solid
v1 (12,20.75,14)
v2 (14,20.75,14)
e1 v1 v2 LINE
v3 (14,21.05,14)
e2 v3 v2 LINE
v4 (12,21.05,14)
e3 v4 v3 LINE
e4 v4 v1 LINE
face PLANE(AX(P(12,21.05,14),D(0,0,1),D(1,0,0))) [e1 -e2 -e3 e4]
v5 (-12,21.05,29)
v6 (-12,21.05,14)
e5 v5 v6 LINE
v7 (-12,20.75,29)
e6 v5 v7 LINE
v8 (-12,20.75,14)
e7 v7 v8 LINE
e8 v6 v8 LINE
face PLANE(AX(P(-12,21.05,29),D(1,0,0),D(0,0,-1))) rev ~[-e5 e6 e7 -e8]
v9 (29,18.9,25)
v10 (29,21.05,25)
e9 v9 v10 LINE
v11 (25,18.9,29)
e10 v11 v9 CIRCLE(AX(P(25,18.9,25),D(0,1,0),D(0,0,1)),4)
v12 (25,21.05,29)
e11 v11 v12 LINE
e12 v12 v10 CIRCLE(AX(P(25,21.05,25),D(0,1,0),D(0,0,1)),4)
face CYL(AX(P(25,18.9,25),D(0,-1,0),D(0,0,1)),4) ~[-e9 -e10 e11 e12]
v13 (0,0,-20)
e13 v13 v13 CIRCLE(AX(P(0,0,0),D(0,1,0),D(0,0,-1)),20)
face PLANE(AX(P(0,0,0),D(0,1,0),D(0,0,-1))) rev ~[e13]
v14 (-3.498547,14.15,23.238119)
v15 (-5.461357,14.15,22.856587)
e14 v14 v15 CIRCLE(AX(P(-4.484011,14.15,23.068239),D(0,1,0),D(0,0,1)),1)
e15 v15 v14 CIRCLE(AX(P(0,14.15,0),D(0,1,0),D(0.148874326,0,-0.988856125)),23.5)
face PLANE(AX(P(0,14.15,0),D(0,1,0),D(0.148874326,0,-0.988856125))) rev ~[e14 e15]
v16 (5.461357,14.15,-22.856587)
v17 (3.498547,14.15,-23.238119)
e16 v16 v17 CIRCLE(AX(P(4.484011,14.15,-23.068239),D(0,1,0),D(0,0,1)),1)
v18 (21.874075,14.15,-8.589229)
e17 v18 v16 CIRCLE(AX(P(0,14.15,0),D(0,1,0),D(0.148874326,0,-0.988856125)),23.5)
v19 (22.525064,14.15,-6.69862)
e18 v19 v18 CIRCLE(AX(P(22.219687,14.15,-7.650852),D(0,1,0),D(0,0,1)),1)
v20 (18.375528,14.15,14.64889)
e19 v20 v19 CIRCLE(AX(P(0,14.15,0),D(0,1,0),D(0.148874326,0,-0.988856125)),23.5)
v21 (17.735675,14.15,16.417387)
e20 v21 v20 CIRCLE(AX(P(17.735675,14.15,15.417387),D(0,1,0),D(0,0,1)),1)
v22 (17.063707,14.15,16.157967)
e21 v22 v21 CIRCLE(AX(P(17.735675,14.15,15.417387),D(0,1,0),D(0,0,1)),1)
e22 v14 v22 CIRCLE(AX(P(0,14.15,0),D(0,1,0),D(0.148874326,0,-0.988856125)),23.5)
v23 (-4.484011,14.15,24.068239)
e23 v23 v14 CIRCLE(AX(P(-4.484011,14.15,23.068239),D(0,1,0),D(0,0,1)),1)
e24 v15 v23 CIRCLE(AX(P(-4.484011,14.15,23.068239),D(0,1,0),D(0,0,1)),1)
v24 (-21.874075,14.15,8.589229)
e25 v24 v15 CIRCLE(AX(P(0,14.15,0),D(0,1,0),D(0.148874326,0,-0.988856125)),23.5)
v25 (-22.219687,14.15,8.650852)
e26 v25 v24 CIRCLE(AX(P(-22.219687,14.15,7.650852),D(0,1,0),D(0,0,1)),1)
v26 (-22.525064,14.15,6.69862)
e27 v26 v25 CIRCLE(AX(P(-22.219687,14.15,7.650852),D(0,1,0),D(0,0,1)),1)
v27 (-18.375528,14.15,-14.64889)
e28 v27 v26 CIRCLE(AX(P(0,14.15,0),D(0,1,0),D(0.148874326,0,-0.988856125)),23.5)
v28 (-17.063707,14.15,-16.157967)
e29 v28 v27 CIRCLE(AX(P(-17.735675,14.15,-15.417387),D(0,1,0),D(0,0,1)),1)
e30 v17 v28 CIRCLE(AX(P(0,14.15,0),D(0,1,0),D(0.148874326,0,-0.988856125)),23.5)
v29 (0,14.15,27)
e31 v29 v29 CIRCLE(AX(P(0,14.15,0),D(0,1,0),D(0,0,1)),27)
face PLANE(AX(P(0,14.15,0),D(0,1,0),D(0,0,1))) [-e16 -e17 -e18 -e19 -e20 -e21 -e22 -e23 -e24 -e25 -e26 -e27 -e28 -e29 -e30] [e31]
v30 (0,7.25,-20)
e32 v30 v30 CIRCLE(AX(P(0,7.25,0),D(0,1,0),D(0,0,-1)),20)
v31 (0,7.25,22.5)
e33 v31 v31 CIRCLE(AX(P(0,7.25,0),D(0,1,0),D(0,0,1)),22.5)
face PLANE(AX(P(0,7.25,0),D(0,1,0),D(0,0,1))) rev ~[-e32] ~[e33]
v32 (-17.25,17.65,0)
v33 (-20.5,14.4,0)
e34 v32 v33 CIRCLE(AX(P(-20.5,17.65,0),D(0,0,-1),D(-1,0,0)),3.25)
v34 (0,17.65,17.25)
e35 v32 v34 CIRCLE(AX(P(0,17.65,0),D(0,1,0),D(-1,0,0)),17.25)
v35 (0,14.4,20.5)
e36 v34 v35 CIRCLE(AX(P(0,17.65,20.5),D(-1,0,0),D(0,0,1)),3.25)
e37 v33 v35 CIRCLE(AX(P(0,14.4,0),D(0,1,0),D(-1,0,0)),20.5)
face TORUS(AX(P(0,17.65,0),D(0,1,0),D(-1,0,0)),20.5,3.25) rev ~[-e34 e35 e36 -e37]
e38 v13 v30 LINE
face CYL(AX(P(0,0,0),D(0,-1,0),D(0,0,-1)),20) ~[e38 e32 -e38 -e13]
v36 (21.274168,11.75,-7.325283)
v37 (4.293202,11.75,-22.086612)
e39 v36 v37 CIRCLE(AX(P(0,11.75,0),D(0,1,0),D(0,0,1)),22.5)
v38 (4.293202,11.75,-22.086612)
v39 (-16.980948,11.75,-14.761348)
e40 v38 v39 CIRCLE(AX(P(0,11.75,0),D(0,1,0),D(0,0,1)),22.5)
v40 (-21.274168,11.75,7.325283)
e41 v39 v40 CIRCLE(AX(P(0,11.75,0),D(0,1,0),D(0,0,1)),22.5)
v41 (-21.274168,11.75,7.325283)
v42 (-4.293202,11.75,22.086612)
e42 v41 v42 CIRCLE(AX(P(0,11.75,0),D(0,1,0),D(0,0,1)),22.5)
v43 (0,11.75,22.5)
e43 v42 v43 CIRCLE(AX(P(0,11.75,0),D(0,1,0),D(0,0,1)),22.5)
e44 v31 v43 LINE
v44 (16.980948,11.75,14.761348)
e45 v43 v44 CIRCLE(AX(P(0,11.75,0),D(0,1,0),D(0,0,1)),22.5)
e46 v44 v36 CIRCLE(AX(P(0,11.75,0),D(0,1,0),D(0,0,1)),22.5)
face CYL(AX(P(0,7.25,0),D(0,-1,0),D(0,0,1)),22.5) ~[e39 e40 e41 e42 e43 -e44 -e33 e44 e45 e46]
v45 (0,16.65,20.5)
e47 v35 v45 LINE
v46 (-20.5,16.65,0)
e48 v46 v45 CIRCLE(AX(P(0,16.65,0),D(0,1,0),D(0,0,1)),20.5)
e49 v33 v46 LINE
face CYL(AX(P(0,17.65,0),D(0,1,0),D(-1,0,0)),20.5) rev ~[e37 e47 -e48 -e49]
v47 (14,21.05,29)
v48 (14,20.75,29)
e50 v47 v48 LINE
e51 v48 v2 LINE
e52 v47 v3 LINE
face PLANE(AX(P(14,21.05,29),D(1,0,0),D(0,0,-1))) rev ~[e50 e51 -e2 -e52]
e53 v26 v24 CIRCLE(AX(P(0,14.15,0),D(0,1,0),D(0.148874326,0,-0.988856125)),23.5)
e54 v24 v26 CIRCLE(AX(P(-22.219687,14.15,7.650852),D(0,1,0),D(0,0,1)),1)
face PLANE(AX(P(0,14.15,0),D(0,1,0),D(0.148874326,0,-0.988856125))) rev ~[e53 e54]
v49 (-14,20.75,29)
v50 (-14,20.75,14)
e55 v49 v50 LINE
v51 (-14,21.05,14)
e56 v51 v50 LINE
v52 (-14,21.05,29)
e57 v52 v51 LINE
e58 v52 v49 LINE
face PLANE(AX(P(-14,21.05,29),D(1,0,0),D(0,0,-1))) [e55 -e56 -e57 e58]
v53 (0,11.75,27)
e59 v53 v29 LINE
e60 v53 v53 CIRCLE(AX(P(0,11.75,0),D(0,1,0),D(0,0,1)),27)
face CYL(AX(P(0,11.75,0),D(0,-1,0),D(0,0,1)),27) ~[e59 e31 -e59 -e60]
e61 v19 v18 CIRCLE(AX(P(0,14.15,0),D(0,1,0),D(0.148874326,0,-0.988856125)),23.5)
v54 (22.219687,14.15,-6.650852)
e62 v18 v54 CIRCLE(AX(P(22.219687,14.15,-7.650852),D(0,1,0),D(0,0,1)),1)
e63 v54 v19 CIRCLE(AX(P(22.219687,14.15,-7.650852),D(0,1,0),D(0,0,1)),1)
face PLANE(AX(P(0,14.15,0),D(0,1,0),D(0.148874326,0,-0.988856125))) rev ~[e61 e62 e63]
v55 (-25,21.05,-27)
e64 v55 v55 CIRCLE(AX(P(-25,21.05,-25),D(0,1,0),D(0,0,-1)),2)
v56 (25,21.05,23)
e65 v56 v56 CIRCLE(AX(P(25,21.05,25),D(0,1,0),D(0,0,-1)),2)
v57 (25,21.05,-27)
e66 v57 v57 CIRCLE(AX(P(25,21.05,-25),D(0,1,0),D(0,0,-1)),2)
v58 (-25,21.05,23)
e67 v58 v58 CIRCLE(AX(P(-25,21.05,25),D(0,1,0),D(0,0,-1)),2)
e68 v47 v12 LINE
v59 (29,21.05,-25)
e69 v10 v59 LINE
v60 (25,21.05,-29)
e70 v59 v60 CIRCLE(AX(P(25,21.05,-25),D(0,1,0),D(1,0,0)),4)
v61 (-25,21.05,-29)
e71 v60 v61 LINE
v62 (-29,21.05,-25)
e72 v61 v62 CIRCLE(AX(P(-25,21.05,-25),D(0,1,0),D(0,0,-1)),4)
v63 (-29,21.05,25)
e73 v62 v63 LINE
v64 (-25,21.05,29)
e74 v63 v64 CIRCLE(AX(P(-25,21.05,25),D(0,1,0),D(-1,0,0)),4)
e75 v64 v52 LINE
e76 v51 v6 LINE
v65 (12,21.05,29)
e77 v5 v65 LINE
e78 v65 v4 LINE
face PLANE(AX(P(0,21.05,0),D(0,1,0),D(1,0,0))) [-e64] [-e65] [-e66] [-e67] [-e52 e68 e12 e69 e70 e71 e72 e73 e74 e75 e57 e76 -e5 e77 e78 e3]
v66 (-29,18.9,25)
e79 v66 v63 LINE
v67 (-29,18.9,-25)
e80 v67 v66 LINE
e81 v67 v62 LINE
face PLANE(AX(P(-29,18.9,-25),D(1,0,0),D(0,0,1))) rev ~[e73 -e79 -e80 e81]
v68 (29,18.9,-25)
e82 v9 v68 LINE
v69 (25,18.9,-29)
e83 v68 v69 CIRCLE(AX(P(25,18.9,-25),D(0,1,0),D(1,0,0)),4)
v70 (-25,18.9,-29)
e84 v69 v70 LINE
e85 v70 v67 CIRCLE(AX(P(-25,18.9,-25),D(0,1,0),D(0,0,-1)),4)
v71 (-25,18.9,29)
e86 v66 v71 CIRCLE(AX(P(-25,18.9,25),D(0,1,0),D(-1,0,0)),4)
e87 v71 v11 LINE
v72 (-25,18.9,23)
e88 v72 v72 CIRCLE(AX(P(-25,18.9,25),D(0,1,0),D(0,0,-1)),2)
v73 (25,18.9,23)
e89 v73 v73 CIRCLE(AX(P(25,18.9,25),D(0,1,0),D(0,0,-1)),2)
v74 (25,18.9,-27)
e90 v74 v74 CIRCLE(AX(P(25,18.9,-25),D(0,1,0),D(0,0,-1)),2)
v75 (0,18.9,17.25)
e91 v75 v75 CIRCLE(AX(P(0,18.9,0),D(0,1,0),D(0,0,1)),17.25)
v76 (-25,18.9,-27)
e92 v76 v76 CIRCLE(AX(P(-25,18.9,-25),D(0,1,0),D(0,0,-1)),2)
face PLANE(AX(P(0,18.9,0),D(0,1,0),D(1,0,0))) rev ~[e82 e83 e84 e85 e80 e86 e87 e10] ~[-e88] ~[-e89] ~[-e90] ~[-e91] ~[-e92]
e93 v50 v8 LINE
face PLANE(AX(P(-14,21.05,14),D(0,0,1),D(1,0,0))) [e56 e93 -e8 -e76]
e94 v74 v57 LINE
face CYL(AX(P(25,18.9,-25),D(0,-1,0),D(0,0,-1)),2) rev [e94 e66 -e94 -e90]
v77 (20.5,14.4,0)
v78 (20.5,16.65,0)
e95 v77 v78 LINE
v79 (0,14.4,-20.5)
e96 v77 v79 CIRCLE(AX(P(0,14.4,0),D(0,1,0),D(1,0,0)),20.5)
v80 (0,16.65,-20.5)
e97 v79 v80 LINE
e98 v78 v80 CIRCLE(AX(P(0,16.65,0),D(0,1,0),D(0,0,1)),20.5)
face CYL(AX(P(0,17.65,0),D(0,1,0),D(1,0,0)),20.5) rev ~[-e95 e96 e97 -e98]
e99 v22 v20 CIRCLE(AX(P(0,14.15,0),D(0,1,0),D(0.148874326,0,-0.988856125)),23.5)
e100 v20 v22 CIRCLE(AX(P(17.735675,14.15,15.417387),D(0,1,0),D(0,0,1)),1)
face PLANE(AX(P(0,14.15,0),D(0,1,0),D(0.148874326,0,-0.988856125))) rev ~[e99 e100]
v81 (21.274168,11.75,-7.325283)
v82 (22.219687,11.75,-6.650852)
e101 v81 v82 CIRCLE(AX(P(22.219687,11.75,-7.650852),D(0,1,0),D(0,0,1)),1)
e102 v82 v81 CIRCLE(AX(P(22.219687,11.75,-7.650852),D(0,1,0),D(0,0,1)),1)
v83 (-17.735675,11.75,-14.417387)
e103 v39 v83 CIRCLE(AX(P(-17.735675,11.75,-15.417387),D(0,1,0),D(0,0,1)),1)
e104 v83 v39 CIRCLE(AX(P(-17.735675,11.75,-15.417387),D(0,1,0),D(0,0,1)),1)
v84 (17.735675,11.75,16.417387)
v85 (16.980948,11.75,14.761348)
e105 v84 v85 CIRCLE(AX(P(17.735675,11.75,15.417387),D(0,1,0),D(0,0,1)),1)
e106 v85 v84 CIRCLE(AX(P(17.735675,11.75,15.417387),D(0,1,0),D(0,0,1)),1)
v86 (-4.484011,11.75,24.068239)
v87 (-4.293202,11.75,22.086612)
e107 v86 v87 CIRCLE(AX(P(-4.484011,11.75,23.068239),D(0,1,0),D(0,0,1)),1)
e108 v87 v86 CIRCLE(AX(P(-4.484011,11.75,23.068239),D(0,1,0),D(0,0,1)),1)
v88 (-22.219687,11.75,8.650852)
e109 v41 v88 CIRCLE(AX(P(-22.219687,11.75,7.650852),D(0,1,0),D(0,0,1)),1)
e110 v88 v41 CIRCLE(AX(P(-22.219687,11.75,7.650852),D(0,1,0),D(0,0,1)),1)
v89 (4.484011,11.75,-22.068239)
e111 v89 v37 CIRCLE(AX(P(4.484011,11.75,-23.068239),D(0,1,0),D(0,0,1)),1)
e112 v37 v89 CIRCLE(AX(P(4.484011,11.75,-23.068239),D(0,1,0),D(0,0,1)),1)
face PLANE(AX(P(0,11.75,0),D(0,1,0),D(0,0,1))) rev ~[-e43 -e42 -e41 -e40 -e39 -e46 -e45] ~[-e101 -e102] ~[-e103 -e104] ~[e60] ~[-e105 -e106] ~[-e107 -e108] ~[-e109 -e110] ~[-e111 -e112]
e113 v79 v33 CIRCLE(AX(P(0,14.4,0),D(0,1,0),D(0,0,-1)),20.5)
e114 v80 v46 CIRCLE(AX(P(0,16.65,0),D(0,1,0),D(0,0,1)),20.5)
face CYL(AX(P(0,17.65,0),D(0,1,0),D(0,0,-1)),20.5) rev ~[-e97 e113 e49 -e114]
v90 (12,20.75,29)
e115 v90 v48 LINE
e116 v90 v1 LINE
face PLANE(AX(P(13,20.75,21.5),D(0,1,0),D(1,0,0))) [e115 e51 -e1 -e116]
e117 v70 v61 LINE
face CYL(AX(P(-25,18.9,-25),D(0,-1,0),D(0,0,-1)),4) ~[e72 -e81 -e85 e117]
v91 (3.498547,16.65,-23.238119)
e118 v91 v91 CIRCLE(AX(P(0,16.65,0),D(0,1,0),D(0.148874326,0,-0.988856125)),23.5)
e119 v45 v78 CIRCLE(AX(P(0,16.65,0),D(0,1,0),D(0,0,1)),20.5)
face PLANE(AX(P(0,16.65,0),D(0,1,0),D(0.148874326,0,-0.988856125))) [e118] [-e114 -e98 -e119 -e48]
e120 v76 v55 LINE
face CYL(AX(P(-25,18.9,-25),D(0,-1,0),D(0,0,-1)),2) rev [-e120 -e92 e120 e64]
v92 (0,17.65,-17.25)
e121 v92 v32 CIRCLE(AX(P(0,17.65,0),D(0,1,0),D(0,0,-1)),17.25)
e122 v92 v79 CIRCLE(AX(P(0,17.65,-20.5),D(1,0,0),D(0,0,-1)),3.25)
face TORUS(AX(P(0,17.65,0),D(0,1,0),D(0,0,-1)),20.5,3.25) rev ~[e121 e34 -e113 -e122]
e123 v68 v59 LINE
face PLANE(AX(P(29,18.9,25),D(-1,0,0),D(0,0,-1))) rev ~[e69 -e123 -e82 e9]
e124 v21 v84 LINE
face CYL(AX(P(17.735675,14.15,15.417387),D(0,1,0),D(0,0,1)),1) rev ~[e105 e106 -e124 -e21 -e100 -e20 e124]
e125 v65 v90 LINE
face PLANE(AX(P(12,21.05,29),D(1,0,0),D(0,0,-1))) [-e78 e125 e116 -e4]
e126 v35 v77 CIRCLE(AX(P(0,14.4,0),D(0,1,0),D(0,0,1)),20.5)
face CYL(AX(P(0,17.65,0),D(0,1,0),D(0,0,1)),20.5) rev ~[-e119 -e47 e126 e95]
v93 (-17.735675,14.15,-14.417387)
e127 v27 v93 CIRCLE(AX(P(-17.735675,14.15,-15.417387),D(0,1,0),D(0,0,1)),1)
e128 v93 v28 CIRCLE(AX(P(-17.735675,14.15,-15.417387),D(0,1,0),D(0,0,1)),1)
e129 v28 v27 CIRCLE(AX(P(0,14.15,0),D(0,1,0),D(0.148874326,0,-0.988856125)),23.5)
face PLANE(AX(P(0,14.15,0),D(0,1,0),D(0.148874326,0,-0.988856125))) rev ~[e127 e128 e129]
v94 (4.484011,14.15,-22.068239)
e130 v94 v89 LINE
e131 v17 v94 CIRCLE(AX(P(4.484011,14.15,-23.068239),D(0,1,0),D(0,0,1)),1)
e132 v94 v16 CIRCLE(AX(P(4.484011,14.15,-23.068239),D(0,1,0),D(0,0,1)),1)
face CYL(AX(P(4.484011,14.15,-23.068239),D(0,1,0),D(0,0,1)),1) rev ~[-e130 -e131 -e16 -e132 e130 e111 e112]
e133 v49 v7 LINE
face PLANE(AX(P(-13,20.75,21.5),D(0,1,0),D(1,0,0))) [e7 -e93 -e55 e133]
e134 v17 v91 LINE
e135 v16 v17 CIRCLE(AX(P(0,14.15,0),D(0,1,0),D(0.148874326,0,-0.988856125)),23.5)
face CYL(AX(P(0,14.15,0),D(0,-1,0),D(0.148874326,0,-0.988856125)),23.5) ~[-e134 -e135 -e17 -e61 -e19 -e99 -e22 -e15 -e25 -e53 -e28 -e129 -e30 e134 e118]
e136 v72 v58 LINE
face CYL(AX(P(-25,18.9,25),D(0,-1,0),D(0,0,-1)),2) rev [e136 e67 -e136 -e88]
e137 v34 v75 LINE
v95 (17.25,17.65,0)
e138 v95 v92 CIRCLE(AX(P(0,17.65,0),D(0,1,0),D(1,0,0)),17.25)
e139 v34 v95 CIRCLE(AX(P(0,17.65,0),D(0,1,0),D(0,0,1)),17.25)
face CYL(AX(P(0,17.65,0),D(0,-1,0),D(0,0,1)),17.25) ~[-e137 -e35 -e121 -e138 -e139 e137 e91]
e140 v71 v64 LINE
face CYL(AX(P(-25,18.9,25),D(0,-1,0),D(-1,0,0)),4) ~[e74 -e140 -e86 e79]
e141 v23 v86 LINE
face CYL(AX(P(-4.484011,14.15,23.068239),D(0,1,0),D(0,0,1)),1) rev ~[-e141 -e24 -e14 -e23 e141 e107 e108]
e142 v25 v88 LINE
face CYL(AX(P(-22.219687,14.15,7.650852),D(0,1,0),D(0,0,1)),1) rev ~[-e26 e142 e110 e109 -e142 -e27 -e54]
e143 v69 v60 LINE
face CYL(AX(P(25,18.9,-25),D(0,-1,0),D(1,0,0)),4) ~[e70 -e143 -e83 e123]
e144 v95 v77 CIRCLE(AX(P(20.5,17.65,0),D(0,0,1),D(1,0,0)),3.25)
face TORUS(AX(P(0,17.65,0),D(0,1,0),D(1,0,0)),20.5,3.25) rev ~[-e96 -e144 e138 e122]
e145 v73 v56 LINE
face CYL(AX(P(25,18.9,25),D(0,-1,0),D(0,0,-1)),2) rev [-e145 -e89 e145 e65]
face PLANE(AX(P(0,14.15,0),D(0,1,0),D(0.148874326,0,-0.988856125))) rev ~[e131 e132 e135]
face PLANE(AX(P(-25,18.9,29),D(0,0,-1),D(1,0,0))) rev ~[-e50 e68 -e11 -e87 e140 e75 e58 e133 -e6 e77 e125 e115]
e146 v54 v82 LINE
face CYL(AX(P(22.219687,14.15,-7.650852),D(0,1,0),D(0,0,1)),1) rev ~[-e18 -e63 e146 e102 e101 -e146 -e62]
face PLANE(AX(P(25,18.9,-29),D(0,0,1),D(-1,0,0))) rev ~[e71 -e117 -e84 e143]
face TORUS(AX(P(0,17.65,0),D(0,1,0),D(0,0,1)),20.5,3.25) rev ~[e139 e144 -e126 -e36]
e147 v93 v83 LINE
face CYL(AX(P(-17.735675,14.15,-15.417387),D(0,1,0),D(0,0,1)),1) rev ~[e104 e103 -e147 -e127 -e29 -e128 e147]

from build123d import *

# Parameters (mm, degrees)
SKETCH1_R            = 20
BOSS_EXTRUDE1_DEPTH  = 7.25
SKETCH2_R            = 22.5
BOSS_EXTRUDE2_DEPTH  = 4.5
SKETCH3_R            = 27
BOSS_EXTRUDE3_DEPTH  = 2.4
CUT_EXTRUDE1_REACH   = 42.721
SKETCH4_R            = 1
SKETCH5_R            = 23.5
BOSS_EXTRUDE4_DEPTH  = 2.5
SKETCH6_R            = 20.5
BOSS_EXTRUDE5_DEPTH  = 1
SKETCH8_R            = 17.25
BOSS_EXTRUDE8_DEPTH  = 1.25
SKETCH10_R           = 2
BOSS_EXTRUDE10_DEPTH = 2.15
SKETCH11_W           = 2
SKETCH11_H           = 15
CUT_EXTRUDE2_DEPTH   = 0.3


with BuildPart() as part:
    # Sketch1 → Boss-Extrude1 (new body)
    with BuildSketch(Plane(origin=(0, 0, 0), x_dir=(1, 0, 0), z_dir=(0, 1, 0))):
        with Locations(Location((0, 0, 0), (0, 0, 90))):
            Circle(SKETCH1_R)
    extrude(amount=BOSS_EXTRUDE1_DEPTH)

    # Sketch2 → Boss-Extrude2 (add)
    with BuildSketch(Plane(origin=(0, 7.25, 0), x_dir=(1, 0, 0), z_dir=(0, 1, 0))):
        with Locations(Location((0, 0, 0), (0, 0, 270))):
            Circle(SKETCH2_R)
    extrude(amount=BOSS_EXTRUDE2_DEPTH)

    # Sketch3 → Boss-Extrude3 (add)
    with BuildSketch(Plane(origin=(0, 11.75, 0), x_dir=(1, 0, 0), z_dir=(0, 1, 0))):
        with Locations(Location((0, 0, 0), (0, 0, 270))):
            Circle(SKETCH3_R)
    extrude(amount=BOSS_EXTRUDE3_DEPTH)

    # Sketch4 → Cut-Extrude1 (cut, up to next)
    with BuildSketch(Plane(origin=(0, 14.15, 0), x_dir=(1, 0, 0), z_dir=(0, 1, 0)), mode=Mode.PRIVATE) as cut_extrude1_sk1:
        with Locations(Location((17.735675135, -15.417387181, 0), (0, 0, 270))):
            Circle(SKETCH4_R)
    cut_extrude1_tool1 = extrude(cut_extrude1_sk1.sketch, amount=-CUT_EXTRUDE1_REACH, mode=Mode.PRIVATE) & part.part
    # Sketch4 → Cut-Extrude1 (cut, up to next)
    with BuildSketch(Plane(origin=(0, 14.15, 0), x_dir=(1, 0, 0), z_dir=(0, 1, 0)), mode=Mode.PRIVATE) as cut_extrude1_sk2:
        with Locations(Location((-4.484011391, -23.068238811, 0), (0, 0, 270))):
            Circle(SKETCH4_R)
    cut_extrude1_tool2 = extrude(cut_extrude1_sk2.sketch, amount=-CUT_EXTRUDE1_REACH, mode=Mode.PRIVATE) & part.part
    # Sketch4 → Cut-Extrude1 (cut, up to next)
    with BuildSketch(Plane(origin=(0, 14.15, 0), x_dir=(1, 0, 0), z_dir=(0, 1, 0)), mode=Mode.PRIVATE) as cut_extrude1_sk3:
        with Locations(Location((-22.219686527, -7.65085163, 0), (0, 0, 270))):
            Circle(SKETCH4_R)
    cut_extrude1_tool3 = extrude(cut_extrude1_sk3.sketch, amount=-CUT_EXTRUDE1_REACH, mode=Mode.PRIVATE) & part.part
    # Sketch4 → Cut-Extrude1 (cut, up to next)
    with BuildSketch(Plane(origin=(0, 14.15, 0), x_dir=(1, 0, 0), z_dir=(0, 1, 0)), mode=Mode.PRIVATE) as cut_extrude1_sk4:
        with Locations(Location((-17.735675135, 15.417387181, 0), (0, 0, 270))):
            Circle(SKETCH4_R)
    cut_extrude1_tool4 = extrude(cut_extrude1_sk4.sketch, amount=-CUT_EXTRUDE1_REACH, mode=Mode.PRIVATE) & part.part
    # Sketch4 → Cut-Extrude1 (cut, up to next)
    with BuildSketch(Plane(origin=(0, 14.15, 0), x_dir=(1, 0, 0), z_dir=(0, 1, 0)), mode=Mode.PRIVATE) as cut_extrude1_sk5:
        with Locations(Location((4.484011391, 23.068238811, 0), (0, 0, 270))):
            Circle(SKETCH4_R)
    cut_extrude1_tool5 = extrude(cut_extrude1_sk5.sketch, amount=-CUT_EXTRUDE1_REACH, mode=Mode.PRIVATE) & part.part
    # Sketch4 → Cut-Extrude1 (cut, up to next)
    with BuildSketch(Plane(origin=(0, 14.15, 0), x_dir=(1, 0, 0), z_dir=(0, 1, 0)), mode=Mode.PRIVATE) as cut_extrude1_sk6:
        with Locations(Location((22.219686527, 7.65085163, 0), (0, 0, 270))):
            Circle(SKETCH4_R)
    cut_extrude1_tool6 = extrude(cut_extrude1_sk6.sketch, amount=-CUT_EXTRUDE1_REACH, mode=Mode.PRIVATE) & part.part
    add(cut_extrude1_tool1.solids().sort_by_distance((17.735675, 14.15, 15.417387))[0], mode=Mode.SUBTRACT)
    add(cut_extrude1_tool2.solids().sort_by_distance((-4.484011, 14.15, 23.068239))[0], mode=Mode.SUBTRACT)
    add(cut_extrude1_tool3.solids().sort_by_distance((-22.219687, 14.15, 7.650852))[0], mode=Mode.SUBTRACT)
    add(cut_extrude1_tool4.solids().sort_by_distance((-17.735675, 14.15, -15.417387))[0], mode=Mode.SUBTRACT)
    add(cut_extrude1_tool5.solids().sort_by_distance((4.484011, 14.15, -23.068239))[0], mode=Mode.SUBTRACT)
    add(cut_extrude1_tool6.solids().sort_by_distance((22.219687, 14.15, -7.650852))[0], mode=Mode.SUBTRACT)

    # Sketch5 → Boss-Extrude4 (add)
    with BuildSketch(Plane(origin=(0, 14.15, 0), x_dir=(1, 0, 0), z_dir=(0, 1, 0))):
        with Locations(Location((0, 0, 0), (0, 0, 81.438302268))):
            Circle(SKETCH5_R)
    extrude(amount=BOSS_EXTRUDE4_DEPTH)

    # Sketch6 → Boss-Extrude5 (add)
    with BuildSketch(Plane(origin=(0, 16.65, 0), x_dir=(1, 0, 0), z_dir=(0, 1, 0))):
        with Locations(Location((0, 0, 0), (0, 0, 270))):
            Circle(SKETCH6_R)
    extrude(amount=BOSS_EXTRUDE5_DEPTH)

    # Cut-Sweep1: sweep along a curve in space
    with BuildLine() as cut_sweep1_path:
        ThreePointArc((0, 17.65, 20.5), (14.495689014, 17.65, 14.495689014), (20.5, 17.65, 0))
        ThreePointArc((20.5, 17.65, 0), (14.495689014, 17.65, -14.495689014), (0, 17.65, -20.5))
        ThreePointArc((0, 17.65, -20.5), (-14.495689014, 17.65, -14.495689014), (-20.5, 17.65, 0))
        ThreePointArc((-20.5, 17.65, 0), (-14.495689014, 17.65, 14.495689014), (0, 17.65, 20.5))
    # Sketch7 → Cut-Sweep1 (sweep, cut)
    with BuildSketch(Plane.XY):
        with BuildLine():
            Line((20.5, 17.65), (20.5, 14.4))
            ThreePointArc((20.5, 14.4), (18.201902961, 15.351902961), (17.25, 17.65))
            Line((17.25, 17.65), (20.5, 17.65))
        make_face()
    sweep(path=cut_sweep1_path.line, mode=Mode.SUBTRACT)

    # Sketch8 → Boss-Extrude8 (add)
    with BuildSketch(Plane(origin=(0, 17.65, 0), x_dir=(1, 0, 0), z_dir=(0, 1, 0))):
        with Locations(Location((0, 0, 0), (0, 0, 270))):
            Circle(SKETCH8_R)
    extrude(amount=BOSS_EXTRUDE8_DEPTH)

    # Sketch10 → Boss-Extrude10 (add)
    with BuildSketch(Plane(origin=(0, 18.9, 0), x_dir=(1, 0, 0), z_dir=(0, 1, 0))):
        with BuildLine():
            Line((-25, -29), (25, -29))
            ThreePointArc((25, -29), (27.828427125, -27.828427125), (29, -25))
            Line((29, -25), (29, 25))
            ThreePointArc((29, 25), (27.828427125, 27.828427125), (25, 29))
            Line((25, 29), (-25, 29))
            ThreePointArc((-25, 29), (-27.828427125, 27.828427125), (-29, 25))
            Line((-29, 25), (-29, -25))
            ThreePointArc((-29, -25), (-27.828427125, -27.828427125), (-25, -29))
        make_face()
        with Locations(Location((-25, 25, 0), (0, 0, 90))):
            Circle(SKETCH10_R, mode=Mode.SUBTRACT)
        with Locations(Location((25, 25, 0), (0, 0, 90))):
            Circle(SKETCH10_R, mode=Mode.SUBTRACT)
        with Locations(Location((25, -25, 0), (0, 0, 90))):
            Circle(SKETCH10_R, mode=Mode.SUBTRACT)
        with Locations(Location((-25, -25, 0), (0, 0, 90))):
            Circle(SKETCH10_R, mode=Mode.SUBTRACT)
    extrude(amount=BOSS_EXTRUDE10_DEPTH)

    # Sketch11 → Cut-Extrude2 (cut)
    with BuildSketch(Plane(origin=(0, 21.05, 0), x_dir=(1, 0, 0), z_dir=(0, 1, 0))):
        with Locations((-13, -21.5)):
            Rectangle(SKETCH11_W, SKETCH11_H)
        with Locations((13, -21.5)):
            Rectangle(SKETCH11_W, SKETCH11_H)
    extrude(amount=-CUT_EXTRUDE2_DEPTH, mode=Mode.SUBTRACT)


solid = part.part
